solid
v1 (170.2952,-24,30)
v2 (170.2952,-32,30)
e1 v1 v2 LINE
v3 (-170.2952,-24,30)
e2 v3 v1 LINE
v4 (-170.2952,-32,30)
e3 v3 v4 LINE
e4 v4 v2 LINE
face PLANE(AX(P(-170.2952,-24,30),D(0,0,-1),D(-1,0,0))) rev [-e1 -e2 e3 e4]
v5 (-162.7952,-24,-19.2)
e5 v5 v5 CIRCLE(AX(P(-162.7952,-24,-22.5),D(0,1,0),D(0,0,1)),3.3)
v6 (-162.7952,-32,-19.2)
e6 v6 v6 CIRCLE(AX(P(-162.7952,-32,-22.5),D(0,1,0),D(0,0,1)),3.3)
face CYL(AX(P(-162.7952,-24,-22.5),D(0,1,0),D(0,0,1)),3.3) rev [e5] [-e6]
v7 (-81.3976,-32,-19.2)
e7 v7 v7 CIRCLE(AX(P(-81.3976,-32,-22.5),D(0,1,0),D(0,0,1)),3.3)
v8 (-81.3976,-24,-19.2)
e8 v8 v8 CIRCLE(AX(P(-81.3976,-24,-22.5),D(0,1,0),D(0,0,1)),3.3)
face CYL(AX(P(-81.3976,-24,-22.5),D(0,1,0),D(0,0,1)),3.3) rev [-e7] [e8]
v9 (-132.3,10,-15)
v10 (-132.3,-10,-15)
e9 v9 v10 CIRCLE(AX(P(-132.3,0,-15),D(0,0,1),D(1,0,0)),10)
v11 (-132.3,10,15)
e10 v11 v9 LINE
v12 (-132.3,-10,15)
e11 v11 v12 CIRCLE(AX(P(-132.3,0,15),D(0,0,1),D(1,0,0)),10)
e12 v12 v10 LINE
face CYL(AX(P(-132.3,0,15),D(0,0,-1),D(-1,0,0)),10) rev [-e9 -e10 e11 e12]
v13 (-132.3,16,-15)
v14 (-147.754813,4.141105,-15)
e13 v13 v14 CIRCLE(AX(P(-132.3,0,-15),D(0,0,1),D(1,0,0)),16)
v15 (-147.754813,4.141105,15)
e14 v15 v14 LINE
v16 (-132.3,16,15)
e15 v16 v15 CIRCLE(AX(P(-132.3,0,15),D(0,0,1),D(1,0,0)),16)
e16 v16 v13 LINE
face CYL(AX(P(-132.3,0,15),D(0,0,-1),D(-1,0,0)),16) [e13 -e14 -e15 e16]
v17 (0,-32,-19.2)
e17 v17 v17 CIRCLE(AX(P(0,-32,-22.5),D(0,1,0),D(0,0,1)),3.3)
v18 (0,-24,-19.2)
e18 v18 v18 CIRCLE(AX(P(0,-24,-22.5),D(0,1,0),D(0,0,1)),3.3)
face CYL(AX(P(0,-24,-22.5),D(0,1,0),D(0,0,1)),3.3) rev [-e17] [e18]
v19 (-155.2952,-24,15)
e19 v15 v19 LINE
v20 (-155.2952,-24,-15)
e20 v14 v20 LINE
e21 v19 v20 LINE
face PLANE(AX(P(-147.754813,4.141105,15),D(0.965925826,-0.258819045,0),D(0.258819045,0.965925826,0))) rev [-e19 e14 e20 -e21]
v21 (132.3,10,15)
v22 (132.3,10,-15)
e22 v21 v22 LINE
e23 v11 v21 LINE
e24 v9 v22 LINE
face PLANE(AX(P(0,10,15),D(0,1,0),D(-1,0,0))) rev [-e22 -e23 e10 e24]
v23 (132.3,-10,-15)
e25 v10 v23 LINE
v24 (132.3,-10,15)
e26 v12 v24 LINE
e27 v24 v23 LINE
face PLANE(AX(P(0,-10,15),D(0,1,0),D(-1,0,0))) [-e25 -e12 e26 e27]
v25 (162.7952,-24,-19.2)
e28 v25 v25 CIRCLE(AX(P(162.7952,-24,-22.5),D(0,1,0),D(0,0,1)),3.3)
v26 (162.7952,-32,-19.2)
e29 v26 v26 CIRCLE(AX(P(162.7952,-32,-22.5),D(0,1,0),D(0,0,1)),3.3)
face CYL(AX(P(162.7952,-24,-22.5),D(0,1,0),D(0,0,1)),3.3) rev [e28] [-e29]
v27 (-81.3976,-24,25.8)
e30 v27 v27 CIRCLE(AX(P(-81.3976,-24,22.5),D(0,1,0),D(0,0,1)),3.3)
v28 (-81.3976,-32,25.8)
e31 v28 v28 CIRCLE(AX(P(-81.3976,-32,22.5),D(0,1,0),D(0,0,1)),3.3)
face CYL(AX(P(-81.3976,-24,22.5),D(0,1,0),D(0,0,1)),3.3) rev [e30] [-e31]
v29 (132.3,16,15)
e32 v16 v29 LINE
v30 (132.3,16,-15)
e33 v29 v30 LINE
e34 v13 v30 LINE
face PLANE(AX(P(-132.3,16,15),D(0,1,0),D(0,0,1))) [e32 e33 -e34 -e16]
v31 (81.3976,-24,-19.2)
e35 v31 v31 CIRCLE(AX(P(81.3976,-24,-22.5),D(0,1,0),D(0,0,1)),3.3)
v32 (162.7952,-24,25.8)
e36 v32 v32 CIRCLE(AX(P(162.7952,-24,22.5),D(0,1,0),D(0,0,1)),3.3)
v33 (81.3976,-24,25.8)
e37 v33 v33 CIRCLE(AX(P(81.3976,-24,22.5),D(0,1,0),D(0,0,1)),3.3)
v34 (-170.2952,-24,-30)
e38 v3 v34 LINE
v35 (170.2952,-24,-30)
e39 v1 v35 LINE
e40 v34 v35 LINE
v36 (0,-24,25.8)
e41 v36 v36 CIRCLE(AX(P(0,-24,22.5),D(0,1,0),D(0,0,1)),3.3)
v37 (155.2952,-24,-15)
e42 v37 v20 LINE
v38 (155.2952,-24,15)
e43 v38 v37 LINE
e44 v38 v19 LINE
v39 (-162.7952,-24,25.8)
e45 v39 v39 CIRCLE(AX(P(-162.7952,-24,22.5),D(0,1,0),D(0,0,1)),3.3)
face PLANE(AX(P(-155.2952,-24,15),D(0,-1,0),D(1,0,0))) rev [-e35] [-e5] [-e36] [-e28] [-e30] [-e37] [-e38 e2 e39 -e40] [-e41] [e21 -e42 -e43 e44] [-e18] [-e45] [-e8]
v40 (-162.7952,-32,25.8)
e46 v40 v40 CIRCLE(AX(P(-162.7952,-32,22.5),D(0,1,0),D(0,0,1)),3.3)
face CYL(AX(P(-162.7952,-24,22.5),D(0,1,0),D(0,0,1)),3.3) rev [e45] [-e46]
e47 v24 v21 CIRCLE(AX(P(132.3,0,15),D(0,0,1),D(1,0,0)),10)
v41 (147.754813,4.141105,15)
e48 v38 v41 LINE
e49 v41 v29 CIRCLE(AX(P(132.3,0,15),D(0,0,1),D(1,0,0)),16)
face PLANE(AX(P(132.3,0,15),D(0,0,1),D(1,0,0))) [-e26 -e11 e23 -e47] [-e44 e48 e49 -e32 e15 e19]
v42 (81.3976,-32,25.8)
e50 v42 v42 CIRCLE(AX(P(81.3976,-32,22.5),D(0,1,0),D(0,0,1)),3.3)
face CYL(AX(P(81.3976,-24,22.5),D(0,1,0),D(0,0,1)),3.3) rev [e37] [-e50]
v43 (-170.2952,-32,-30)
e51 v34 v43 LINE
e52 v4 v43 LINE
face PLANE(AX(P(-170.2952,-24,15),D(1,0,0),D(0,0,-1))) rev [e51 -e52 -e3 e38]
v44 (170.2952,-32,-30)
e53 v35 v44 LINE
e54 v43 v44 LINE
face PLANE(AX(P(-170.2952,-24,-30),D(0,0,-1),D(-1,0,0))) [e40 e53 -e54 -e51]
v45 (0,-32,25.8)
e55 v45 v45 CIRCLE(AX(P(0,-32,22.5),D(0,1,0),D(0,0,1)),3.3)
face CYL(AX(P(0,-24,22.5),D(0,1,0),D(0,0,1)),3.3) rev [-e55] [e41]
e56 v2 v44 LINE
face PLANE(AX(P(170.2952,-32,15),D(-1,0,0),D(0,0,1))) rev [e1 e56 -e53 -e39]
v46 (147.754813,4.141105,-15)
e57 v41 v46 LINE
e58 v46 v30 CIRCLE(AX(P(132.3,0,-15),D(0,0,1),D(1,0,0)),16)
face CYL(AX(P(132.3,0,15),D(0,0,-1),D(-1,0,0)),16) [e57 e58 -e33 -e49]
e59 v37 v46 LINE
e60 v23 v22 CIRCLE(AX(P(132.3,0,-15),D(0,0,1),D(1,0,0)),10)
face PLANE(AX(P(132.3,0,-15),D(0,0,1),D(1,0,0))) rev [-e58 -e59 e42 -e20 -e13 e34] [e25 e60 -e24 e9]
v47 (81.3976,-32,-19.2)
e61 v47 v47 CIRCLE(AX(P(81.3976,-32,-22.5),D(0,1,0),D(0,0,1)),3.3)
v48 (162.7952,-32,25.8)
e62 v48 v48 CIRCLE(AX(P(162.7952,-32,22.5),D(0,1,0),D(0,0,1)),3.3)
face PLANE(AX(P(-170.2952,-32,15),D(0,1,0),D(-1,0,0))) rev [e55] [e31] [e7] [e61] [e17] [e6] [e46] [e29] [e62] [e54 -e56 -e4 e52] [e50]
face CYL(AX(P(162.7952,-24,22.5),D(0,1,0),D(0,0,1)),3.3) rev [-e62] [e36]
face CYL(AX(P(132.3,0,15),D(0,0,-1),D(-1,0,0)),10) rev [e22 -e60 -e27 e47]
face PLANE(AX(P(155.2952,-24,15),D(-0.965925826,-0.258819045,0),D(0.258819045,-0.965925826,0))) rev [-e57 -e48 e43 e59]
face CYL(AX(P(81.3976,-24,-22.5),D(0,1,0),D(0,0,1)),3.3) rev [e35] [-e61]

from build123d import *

# Parameters (mm, degrees)
BOSS_EXTRUDE1_DEPTH  = 15
SKETCH3_W            = 340.59039901
SKETCH3_H            = 15
BOSS_EXTRUDE2_DEPTH  = 8
M6_CLEARANCE_HOLE1_D = 6.6


with BuildPart() as part:
    # Sketch1 → Boss-Extrude1 (new, symmetric)
    with BuildSketch(Plane.XY):
        with BuildLine():
            Line((-132.3, 16), (132.3, 16))
            ThreePointArc((132.3, 16), (142.040182864, 12.693653445), (147.754813221, 4.141104722))
            Line((147.754813221, 4.141104722), (155.295199505, -24))
            Line((155.295199505, -24), (170.295199505, -24))
            Line((170.295199505, -24), (170.295199505, -32))
            Line((170.295199505, -32), (-170.295199505, -32))
            Line((-170.295199505, -32), (-170.295199505, -24))
            Line((-170.295199505, -24), (-155.295199505, -24))
            Line((-155.295199505, -24), (-147.754813221, 4.141104722))
            ThreePointArc((-147.754813221, 4.141104722), (-142.040182864, 12.693653445), (-132.3, 16))
        make_face()
        with BuildLine():
            Line((-132.3, 10), (132.3, 10))
            ThreePointArc((132.3, 10), (142.3, 0), (132.3, -10))
            Line((132.3, -10), (-132.3, -10))
            ThreePointArc((-132.3, -10), (-142.3, 0), (-132.3, 10))
        make_face(mode=Mode.SUBTRACT)
    extrude(amount=BOSS_EXTRUDE1_DEPTH, both=True)

    # Sketch3 → Boss-Extrude2 (add)
    with BuildSketch(Plane.XZ.offset(32)):
        with Locations((0, 22.5)):
            Rectangle(SKETCH3_W, SKETCH3_H)
    boss_extrude2 = extrude(amount=-BOSS_EXTRUDE2_DEPTH)

    # Mirror1: Boss-Extrude2 across plane
    add(boss_extrude2.mirror(Plane.XY))

    # M6 Clearance Hole1 (through all)
    with Locations(Plane(origin=(-162.795199505, -24, -22.5), x_dir=(1, 0, 0), z_dir=(0, 1, 0))):
        with Locations((0, 0), (0, -45), (81.397599753, -45), (81.397599753, 0), (162.795199505, -45), (162.795199505, 0), (244.192799257, -45), (244.192799257, 0), (325.59039901, 0), (325.59039901, -45)):
            Hole(M6_CLEARANCE_HOLE1_D / 2)


solid = part.part
